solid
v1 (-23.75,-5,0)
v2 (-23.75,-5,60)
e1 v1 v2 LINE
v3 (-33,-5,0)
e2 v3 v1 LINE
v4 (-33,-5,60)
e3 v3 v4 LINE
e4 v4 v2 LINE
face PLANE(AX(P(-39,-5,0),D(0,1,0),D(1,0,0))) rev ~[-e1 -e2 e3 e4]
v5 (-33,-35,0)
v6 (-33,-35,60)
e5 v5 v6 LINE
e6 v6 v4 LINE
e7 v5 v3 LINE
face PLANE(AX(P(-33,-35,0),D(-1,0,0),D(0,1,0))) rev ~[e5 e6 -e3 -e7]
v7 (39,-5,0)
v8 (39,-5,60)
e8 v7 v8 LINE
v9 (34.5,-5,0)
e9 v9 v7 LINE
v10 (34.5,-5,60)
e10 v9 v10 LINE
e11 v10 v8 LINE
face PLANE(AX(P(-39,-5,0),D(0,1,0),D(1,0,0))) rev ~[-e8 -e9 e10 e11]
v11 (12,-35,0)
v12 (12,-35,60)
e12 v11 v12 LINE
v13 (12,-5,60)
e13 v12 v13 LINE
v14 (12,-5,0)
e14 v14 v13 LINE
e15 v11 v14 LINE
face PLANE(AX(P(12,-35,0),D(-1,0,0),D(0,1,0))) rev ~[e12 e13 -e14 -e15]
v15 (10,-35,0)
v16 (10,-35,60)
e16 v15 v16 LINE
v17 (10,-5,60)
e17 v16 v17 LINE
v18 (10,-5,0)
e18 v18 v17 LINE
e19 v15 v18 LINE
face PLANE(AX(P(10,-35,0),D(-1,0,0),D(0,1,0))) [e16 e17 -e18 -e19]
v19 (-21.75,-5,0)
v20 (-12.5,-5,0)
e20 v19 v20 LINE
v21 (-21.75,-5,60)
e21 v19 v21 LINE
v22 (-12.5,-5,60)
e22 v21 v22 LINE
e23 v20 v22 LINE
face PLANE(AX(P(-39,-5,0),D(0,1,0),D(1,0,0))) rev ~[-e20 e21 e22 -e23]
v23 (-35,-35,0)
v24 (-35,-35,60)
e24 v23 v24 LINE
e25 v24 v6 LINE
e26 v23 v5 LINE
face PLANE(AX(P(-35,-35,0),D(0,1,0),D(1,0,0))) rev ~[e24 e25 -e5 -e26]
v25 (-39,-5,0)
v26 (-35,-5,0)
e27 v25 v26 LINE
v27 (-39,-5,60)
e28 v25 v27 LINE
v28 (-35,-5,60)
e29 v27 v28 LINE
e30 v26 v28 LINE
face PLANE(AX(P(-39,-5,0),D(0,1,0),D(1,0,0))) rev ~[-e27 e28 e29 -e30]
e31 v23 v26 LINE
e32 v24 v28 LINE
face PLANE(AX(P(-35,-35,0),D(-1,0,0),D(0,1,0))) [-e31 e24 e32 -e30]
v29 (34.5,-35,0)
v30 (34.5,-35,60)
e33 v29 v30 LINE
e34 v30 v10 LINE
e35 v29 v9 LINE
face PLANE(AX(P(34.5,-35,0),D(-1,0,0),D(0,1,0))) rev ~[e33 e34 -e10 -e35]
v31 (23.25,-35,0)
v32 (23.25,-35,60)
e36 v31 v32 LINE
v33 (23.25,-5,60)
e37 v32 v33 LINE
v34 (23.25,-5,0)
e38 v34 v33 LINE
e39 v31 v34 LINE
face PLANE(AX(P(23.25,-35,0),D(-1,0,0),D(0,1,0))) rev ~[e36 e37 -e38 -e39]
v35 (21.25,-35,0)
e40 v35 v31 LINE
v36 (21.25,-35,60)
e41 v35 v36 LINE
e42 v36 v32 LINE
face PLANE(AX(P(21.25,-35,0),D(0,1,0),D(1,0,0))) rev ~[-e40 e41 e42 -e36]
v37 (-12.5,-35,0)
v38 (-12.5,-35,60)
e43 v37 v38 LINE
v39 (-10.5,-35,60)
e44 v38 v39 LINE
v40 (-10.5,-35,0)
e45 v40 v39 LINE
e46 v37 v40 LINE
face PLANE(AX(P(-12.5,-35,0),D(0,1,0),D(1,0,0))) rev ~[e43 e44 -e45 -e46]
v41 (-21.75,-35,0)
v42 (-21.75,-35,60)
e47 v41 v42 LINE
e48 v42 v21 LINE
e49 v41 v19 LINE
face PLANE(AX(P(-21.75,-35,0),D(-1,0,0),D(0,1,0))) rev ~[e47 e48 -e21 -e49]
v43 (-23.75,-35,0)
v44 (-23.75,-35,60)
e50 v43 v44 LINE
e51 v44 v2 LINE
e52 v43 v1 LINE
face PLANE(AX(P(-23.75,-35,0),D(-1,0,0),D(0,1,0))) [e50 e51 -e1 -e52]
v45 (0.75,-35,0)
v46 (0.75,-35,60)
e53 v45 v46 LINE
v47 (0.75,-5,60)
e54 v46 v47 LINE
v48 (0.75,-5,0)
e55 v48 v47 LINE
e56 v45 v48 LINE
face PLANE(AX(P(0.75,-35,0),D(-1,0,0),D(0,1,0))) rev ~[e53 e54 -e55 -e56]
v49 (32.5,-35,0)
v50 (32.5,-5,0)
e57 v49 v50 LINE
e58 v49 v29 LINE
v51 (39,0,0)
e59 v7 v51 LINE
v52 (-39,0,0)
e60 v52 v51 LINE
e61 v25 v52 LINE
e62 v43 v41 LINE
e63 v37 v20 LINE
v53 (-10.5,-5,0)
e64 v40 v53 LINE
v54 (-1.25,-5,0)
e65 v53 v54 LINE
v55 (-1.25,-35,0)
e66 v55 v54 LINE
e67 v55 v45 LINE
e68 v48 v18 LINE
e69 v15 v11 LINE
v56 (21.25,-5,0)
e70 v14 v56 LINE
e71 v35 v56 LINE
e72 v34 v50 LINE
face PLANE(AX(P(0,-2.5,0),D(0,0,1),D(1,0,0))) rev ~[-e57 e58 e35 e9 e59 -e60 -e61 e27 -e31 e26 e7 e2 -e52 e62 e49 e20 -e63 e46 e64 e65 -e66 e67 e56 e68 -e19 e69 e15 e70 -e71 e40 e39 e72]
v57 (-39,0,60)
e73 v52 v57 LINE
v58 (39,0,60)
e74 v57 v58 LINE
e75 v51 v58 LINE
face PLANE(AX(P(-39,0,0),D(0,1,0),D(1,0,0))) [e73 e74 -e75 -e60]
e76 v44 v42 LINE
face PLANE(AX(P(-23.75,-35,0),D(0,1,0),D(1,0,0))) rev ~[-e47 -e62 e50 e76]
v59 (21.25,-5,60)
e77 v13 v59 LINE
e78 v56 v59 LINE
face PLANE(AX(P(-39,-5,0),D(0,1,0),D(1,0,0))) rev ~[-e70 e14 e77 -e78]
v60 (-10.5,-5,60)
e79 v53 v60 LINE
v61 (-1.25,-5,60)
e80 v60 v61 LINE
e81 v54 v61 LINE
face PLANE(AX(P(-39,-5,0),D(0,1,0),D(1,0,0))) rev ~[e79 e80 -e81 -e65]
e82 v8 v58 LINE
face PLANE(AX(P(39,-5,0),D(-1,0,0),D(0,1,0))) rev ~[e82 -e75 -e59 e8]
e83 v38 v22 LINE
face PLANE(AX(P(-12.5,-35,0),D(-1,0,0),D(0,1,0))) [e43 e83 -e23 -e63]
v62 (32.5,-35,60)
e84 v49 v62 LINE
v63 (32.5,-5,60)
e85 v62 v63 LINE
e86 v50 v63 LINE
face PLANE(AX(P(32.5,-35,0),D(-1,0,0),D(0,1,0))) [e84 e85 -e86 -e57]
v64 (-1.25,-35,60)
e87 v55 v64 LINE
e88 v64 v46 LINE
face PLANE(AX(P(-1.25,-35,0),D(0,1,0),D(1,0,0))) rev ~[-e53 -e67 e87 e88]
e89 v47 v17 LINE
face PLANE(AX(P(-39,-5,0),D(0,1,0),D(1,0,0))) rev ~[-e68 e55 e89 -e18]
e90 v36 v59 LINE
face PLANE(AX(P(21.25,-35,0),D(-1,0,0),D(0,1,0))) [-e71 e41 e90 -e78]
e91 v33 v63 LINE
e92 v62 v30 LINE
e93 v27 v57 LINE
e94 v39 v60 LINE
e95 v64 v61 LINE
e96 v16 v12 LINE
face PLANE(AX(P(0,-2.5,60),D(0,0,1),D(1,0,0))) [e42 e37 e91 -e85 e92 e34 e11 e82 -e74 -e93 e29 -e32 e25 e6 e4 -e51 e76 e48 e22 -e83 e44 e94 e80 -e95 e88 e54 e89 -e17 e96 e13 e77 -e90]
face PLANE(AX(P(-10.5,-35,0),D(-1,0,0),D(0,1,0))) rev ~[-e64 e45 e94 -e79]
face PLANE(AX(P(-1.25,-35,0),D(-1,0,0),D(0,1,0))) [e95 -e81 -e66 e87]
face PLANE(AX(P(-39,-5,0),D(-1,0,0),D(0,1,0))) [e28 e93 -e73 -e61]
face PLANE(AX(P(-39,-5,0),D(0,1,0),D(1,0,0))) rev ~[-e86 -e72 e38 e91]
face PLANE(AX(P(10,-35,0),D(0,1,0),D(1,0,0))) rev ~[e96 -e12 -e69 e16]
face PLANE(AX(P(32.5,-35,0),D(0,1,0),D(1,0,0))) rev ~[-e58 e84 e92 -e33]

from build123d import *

# Parameters (mm, degrees)
SKETCH001_W   = 78
SKETCH001_H   = 5
PAD001_DEPTH  = 60
SKETCH_W      = 2
SKETCH_H      = 30
PAD_DEPTH     = 60
ARRAY_X_COUNT = 7
ARRAY_X_PITCH = 11.25


with BuildPart() as pad001:
    # Sketch001 → Pad001 (new body)
    with BuildSketch(Plane.XY):
        with Locations((0, -2.5)):
            Rectangle(SKETCH001_W, SKETCH001_H)
    extrude(amount=PAD001_DEPTH)


with BuildPart() as fusion:
    # Sketch → Pad (new body)
    with BuildSketch(Plane.XY):
        with Locations((-34, -20)):
            Rectangle(SKETCH_W, SKETCH_H)
    extrude(amount=PAD_DEPTH)

    # Array X: Fusion ×7


with BuildPart() as fusion_1:
    add(fusion.part)
    with Locations(*[(i * ARRAY_X_PITCH, 0, 0) for i in range(1, ARRAY_X_COUNT)]):
        add(fusion.part)

    # Fusion: union Pad001
    add(pad001.part)


solid = fusion_1.part
